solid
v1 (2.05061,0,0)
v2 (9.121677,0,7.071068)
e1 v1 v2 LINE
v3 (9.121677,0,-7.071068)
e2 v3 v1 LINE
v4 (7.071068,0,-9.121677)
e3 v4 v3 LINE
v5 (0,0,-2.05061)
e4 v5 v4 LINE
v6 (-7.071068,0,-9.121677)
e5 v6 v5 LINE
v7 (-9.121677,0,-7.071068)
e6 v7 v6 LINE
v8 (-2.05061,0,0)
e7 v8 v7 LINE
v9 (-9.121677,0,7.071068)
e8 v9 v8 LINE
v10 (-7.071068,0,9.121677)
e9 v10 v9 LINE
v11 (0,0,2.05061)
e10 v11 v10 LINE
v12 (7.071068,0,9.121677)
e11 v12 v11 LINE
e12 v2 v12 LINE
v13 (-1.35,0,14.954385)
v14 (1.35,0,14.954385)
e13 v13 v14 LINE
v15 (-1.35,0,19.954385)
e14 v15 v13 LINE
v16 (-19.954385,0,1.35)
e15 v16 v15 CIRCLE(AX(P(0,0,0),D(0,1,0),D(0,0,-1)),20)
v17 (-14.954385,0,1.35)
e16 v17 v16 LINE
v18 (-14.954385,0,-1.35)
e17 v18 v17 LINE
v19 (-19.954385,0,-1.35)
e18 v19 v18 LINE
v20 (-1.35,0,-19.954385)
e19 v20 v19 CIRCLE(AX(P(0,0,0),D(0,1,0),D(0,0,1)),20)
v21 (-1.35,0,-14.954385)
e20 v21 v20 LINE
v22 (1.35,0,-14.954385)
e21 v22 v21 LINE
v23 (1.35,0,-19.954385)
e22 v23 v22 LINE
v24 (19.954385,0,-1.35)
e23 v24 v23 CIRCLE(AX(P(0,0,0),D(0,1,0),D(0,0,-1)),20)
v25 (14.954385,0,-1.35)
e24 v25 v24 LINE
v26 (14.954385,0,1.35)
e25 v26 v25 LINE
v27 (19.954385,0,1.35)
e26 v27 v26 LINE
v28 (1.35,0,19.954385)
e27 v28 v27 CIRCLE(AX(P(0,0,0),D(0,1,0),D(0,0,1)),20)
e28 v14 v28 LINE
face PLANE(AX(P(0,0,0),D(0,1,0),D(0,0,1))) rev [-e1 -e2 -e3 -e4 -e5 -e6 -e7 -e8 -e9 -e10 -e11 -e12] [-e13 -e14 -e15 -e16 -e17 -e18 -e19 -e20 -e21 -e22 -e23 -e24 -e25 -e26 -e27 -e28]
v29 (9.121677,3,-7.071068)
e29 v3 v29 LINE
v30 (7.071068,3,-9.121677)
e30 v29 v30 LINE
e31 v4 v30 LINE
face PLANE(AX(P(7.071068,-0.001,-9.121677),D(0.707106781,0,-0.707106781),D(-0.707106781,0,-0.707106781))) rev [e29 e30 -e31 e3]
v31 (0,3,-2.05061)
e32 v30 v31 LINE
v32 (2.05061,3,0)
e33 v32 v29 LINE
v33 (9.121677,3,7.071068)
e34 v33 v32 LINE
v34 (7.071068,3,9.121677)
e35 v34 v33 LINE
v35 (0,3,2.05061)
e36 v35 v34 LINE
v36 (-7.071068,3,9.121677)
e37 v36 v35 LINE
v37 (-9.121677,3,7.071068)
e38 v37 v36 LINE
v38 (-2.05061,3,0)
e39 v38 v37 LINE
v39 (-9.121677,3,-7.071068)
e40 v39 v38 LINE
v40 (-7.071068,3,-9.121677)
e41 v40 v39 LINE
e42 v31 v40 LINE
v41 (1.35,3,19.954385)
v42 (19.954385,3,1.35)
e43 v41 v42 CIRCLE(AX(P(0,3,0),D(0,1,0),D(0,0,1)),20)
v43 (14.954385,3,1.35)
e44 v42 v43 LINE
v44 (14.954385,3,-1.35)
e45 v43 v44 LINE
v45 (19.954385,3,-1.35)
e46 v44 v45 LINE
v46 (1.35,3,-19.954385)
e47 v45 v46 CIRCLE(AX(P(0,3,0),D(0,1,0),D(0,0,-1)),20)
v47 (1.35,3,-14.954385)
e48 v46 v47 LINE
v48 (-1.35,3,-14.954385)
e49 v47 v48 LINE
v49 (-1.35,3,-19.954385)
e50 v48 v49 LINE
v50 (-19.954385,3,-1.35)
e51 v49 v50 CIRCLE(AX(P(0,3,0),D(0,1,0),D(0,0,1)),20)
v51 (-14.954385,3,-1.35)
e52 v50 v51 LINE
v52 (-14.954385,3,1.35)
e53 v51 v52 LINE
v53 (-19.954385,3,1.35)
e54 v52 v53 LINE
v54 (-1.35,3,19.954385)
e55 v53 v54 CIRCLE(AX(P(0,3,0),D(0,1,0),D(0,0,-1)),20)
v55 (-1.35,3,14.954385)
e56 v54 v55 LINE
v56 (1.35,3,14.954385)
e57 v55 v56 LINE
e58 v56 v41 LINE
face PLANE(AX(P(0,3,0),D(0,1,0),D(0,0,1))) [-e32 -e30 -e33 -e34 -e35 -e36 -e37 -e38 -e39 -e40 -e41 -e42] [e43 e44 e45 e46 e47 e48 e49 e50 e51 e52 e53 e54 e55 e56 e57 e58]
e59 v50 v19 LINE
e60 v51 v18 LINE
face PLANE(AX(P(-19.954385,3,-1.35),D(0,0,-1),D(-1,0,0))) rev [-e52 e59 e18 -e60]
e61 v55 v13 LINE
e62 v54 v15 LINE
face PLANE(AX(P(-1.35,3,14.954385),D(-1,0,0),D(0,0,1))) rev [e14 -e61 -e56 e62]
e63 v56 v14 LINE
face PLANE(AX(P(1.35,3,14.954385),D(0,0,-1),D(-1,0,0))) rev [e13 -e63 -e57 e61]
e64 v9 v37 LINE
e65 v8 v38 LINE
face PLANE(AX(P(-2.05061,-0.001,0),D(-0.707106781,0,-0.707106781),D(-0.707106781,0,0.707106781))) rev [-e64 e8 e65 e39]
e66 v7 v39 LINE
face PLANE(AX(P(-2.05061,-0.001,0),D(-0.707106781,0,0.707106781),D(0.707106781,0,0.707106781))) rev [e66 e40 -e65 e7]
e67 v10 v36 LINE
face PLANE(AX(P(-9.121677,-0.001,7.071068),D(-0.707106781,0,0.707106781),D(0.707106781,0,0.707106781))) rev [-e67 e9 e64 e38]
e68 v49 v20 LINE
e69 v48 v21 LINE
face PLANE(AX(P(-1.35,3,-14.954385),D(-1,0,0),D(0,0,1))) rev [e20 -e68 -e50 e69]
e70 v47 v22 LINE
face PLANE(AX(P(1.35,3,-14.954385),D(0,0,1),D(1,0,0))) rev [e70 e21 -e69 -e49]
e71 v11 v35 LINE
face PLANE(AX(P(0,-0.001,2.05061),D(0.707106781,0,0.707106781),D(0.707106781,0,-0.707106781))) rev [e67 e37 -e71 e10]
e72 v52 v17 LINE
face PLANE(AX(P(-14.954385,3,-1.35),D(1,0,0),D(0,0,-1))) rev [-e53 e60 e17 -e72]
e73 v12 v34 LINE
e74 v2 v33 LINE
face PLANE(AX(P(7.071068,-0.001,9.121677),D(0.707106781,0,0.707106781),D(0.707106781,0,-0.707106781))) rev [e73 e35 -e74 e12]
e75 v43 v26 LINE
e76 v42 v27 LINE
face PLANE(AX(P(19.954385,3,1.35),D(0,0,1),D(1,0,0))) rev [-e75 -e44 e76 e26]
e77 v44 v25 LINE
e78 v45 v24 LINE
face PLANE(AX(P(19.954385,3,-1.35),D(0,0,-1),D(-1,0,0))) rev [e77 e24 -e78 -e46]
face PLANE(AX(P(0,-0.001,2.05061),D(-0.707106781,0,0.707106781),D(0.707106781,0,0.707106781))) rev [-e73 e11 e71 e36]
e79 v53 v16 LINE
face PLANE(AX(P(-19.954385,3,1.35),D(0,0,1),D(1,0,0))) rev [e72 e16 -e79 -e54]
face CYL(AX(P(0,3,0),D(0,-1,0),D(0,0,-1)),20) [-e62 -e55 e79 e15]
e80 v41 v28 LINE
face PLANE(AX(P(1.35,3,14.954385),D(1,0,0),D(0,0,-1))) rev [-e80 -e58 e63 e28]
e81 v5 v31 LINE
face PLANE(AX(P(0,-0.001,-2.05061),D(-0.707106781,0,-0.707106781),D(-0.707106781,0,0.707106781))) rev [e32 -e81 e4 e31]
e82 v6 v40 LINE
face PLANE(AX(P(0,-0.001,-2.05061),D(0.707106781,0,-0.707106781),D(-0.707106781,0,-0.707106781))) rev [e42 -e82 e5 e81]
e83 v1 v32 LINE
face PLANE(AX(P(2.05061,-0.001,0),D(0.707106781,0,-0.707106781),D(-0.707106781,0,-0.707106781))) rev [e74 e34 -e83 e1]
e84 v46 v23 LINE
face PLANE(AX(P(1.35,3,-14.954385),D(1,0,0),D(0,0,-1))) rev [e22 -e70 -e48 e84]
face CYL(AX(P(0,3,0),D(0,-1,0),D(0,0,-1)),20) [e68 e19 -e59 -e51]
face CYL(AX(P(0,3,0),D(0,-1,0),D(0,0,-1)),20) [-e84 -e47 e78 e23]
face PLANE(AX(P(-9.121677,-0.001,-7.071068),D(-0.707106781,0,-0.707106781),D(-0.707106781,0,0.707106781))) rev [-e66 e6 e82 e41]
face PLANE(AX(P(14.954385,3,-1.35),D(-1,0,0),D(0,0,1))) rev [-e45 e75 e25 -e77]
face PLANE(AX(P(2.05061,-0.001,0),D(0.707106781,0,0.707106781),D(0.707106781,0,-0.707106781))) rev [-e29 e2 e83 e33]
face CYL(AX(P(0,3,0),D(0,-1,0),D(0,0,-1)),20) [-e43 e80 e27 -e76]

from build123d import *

# Parameters (mm, degrees)
BOSS_EXTRUDE1_DEPTH = 3
CUT_EXTRUDE1_REACH  = 5


with BuildPart() as part:
    # Sketch1 → Boss-Extrude1 (new body)
    with BuildSketch(Plane(origin=(0, 0, 0), x_dir=(1, 0, 0), z_dir=(0, 1, 0))):
        with BuildLine():
            Line((1.35, 14.954385483), (-1.35, 14.954385483))
            Line((-1.35, 14.954385483), (-1.35, 19.954385483))
            ThreePointArc((-1.35, 19.954385483), (-14.142135624, 14.142135624), (-19.954385483, 1.35))
            Line((-19.954385483, 1.35), (-14.954385483, 1.35))
            Line((-14.954385483, 1.35), (-14.954385483, -1.35))
            Line((-14.954385483, -1.35), (-19.954385483, -1.35))
            ThreePointArc((-19.954385483, -1.35), (-14.142135624, -14.142135624), (-1.35, -19.954385483))
            Line((-1.35, -19.954385483), (-1.35, -14.954385483))
            Line((-1.35, -14.954385483), (1.35, -14.954385483))
            Line((1.35, -14.954385483), (1.35, -19.954385483))
            ThreePointArc((1.35, -19.954385483), (14.142135624, -14.142135624), (19.954385483, -1.35))
            Line((19.954385483, -1.35), (14.954385483, -1.35))
            Line((14.954385483, -1.35), (14.954385483, 1.35))
            Line((14.954385483, 1.35), (19.954385483, 1.35))
            ThreePointArc((19.954385483, 1.35), (14.142135624, 14.142135624), (1.35, 19.954385483))
            Line((1.35, 19.954385483), (1.35, 14.954385483))
        make_face()
    extrude(amount=BOSS_EXTRUDE1_DEPTH)

    # Sketch3 → Cut-Extrude1 (cut, up to next)
    with BuildSketch(Plane(origin=(0, 3, 0), x_dir=(1, 0, 0), z_dir=(0, 1, 0)), mode=Mode.PRIVATE) as cut_extrude1_sk1:
        Polygon((0, 2.050609665), (7.071067812, 9.121677477), (9.121677477, 7.071067812), (2.050609665, 0), (9.121677477, -7.071067812), (7.071067812, -9.121677477), (0, -2.050609665), (-7.071067812, -9.121677477), (-9.121677477, -7.071067812), (-2.050609665, 0), (-9.121677477, 7.071067812), (-7.071067812, 9.121677477), align=None)
    cut_extrude1_tool1 = extrude(cut_extrude1_sk1.sketch, amount=-CUT_EXTRUDE1_REACH, mode=Mode.PRIVATE) & part.part
    add(cut_extrude1_tool1.solids().sort_by_distance((0, 3, 0))[0], mode=Mode.SUBTRACT)


solid = part.part
